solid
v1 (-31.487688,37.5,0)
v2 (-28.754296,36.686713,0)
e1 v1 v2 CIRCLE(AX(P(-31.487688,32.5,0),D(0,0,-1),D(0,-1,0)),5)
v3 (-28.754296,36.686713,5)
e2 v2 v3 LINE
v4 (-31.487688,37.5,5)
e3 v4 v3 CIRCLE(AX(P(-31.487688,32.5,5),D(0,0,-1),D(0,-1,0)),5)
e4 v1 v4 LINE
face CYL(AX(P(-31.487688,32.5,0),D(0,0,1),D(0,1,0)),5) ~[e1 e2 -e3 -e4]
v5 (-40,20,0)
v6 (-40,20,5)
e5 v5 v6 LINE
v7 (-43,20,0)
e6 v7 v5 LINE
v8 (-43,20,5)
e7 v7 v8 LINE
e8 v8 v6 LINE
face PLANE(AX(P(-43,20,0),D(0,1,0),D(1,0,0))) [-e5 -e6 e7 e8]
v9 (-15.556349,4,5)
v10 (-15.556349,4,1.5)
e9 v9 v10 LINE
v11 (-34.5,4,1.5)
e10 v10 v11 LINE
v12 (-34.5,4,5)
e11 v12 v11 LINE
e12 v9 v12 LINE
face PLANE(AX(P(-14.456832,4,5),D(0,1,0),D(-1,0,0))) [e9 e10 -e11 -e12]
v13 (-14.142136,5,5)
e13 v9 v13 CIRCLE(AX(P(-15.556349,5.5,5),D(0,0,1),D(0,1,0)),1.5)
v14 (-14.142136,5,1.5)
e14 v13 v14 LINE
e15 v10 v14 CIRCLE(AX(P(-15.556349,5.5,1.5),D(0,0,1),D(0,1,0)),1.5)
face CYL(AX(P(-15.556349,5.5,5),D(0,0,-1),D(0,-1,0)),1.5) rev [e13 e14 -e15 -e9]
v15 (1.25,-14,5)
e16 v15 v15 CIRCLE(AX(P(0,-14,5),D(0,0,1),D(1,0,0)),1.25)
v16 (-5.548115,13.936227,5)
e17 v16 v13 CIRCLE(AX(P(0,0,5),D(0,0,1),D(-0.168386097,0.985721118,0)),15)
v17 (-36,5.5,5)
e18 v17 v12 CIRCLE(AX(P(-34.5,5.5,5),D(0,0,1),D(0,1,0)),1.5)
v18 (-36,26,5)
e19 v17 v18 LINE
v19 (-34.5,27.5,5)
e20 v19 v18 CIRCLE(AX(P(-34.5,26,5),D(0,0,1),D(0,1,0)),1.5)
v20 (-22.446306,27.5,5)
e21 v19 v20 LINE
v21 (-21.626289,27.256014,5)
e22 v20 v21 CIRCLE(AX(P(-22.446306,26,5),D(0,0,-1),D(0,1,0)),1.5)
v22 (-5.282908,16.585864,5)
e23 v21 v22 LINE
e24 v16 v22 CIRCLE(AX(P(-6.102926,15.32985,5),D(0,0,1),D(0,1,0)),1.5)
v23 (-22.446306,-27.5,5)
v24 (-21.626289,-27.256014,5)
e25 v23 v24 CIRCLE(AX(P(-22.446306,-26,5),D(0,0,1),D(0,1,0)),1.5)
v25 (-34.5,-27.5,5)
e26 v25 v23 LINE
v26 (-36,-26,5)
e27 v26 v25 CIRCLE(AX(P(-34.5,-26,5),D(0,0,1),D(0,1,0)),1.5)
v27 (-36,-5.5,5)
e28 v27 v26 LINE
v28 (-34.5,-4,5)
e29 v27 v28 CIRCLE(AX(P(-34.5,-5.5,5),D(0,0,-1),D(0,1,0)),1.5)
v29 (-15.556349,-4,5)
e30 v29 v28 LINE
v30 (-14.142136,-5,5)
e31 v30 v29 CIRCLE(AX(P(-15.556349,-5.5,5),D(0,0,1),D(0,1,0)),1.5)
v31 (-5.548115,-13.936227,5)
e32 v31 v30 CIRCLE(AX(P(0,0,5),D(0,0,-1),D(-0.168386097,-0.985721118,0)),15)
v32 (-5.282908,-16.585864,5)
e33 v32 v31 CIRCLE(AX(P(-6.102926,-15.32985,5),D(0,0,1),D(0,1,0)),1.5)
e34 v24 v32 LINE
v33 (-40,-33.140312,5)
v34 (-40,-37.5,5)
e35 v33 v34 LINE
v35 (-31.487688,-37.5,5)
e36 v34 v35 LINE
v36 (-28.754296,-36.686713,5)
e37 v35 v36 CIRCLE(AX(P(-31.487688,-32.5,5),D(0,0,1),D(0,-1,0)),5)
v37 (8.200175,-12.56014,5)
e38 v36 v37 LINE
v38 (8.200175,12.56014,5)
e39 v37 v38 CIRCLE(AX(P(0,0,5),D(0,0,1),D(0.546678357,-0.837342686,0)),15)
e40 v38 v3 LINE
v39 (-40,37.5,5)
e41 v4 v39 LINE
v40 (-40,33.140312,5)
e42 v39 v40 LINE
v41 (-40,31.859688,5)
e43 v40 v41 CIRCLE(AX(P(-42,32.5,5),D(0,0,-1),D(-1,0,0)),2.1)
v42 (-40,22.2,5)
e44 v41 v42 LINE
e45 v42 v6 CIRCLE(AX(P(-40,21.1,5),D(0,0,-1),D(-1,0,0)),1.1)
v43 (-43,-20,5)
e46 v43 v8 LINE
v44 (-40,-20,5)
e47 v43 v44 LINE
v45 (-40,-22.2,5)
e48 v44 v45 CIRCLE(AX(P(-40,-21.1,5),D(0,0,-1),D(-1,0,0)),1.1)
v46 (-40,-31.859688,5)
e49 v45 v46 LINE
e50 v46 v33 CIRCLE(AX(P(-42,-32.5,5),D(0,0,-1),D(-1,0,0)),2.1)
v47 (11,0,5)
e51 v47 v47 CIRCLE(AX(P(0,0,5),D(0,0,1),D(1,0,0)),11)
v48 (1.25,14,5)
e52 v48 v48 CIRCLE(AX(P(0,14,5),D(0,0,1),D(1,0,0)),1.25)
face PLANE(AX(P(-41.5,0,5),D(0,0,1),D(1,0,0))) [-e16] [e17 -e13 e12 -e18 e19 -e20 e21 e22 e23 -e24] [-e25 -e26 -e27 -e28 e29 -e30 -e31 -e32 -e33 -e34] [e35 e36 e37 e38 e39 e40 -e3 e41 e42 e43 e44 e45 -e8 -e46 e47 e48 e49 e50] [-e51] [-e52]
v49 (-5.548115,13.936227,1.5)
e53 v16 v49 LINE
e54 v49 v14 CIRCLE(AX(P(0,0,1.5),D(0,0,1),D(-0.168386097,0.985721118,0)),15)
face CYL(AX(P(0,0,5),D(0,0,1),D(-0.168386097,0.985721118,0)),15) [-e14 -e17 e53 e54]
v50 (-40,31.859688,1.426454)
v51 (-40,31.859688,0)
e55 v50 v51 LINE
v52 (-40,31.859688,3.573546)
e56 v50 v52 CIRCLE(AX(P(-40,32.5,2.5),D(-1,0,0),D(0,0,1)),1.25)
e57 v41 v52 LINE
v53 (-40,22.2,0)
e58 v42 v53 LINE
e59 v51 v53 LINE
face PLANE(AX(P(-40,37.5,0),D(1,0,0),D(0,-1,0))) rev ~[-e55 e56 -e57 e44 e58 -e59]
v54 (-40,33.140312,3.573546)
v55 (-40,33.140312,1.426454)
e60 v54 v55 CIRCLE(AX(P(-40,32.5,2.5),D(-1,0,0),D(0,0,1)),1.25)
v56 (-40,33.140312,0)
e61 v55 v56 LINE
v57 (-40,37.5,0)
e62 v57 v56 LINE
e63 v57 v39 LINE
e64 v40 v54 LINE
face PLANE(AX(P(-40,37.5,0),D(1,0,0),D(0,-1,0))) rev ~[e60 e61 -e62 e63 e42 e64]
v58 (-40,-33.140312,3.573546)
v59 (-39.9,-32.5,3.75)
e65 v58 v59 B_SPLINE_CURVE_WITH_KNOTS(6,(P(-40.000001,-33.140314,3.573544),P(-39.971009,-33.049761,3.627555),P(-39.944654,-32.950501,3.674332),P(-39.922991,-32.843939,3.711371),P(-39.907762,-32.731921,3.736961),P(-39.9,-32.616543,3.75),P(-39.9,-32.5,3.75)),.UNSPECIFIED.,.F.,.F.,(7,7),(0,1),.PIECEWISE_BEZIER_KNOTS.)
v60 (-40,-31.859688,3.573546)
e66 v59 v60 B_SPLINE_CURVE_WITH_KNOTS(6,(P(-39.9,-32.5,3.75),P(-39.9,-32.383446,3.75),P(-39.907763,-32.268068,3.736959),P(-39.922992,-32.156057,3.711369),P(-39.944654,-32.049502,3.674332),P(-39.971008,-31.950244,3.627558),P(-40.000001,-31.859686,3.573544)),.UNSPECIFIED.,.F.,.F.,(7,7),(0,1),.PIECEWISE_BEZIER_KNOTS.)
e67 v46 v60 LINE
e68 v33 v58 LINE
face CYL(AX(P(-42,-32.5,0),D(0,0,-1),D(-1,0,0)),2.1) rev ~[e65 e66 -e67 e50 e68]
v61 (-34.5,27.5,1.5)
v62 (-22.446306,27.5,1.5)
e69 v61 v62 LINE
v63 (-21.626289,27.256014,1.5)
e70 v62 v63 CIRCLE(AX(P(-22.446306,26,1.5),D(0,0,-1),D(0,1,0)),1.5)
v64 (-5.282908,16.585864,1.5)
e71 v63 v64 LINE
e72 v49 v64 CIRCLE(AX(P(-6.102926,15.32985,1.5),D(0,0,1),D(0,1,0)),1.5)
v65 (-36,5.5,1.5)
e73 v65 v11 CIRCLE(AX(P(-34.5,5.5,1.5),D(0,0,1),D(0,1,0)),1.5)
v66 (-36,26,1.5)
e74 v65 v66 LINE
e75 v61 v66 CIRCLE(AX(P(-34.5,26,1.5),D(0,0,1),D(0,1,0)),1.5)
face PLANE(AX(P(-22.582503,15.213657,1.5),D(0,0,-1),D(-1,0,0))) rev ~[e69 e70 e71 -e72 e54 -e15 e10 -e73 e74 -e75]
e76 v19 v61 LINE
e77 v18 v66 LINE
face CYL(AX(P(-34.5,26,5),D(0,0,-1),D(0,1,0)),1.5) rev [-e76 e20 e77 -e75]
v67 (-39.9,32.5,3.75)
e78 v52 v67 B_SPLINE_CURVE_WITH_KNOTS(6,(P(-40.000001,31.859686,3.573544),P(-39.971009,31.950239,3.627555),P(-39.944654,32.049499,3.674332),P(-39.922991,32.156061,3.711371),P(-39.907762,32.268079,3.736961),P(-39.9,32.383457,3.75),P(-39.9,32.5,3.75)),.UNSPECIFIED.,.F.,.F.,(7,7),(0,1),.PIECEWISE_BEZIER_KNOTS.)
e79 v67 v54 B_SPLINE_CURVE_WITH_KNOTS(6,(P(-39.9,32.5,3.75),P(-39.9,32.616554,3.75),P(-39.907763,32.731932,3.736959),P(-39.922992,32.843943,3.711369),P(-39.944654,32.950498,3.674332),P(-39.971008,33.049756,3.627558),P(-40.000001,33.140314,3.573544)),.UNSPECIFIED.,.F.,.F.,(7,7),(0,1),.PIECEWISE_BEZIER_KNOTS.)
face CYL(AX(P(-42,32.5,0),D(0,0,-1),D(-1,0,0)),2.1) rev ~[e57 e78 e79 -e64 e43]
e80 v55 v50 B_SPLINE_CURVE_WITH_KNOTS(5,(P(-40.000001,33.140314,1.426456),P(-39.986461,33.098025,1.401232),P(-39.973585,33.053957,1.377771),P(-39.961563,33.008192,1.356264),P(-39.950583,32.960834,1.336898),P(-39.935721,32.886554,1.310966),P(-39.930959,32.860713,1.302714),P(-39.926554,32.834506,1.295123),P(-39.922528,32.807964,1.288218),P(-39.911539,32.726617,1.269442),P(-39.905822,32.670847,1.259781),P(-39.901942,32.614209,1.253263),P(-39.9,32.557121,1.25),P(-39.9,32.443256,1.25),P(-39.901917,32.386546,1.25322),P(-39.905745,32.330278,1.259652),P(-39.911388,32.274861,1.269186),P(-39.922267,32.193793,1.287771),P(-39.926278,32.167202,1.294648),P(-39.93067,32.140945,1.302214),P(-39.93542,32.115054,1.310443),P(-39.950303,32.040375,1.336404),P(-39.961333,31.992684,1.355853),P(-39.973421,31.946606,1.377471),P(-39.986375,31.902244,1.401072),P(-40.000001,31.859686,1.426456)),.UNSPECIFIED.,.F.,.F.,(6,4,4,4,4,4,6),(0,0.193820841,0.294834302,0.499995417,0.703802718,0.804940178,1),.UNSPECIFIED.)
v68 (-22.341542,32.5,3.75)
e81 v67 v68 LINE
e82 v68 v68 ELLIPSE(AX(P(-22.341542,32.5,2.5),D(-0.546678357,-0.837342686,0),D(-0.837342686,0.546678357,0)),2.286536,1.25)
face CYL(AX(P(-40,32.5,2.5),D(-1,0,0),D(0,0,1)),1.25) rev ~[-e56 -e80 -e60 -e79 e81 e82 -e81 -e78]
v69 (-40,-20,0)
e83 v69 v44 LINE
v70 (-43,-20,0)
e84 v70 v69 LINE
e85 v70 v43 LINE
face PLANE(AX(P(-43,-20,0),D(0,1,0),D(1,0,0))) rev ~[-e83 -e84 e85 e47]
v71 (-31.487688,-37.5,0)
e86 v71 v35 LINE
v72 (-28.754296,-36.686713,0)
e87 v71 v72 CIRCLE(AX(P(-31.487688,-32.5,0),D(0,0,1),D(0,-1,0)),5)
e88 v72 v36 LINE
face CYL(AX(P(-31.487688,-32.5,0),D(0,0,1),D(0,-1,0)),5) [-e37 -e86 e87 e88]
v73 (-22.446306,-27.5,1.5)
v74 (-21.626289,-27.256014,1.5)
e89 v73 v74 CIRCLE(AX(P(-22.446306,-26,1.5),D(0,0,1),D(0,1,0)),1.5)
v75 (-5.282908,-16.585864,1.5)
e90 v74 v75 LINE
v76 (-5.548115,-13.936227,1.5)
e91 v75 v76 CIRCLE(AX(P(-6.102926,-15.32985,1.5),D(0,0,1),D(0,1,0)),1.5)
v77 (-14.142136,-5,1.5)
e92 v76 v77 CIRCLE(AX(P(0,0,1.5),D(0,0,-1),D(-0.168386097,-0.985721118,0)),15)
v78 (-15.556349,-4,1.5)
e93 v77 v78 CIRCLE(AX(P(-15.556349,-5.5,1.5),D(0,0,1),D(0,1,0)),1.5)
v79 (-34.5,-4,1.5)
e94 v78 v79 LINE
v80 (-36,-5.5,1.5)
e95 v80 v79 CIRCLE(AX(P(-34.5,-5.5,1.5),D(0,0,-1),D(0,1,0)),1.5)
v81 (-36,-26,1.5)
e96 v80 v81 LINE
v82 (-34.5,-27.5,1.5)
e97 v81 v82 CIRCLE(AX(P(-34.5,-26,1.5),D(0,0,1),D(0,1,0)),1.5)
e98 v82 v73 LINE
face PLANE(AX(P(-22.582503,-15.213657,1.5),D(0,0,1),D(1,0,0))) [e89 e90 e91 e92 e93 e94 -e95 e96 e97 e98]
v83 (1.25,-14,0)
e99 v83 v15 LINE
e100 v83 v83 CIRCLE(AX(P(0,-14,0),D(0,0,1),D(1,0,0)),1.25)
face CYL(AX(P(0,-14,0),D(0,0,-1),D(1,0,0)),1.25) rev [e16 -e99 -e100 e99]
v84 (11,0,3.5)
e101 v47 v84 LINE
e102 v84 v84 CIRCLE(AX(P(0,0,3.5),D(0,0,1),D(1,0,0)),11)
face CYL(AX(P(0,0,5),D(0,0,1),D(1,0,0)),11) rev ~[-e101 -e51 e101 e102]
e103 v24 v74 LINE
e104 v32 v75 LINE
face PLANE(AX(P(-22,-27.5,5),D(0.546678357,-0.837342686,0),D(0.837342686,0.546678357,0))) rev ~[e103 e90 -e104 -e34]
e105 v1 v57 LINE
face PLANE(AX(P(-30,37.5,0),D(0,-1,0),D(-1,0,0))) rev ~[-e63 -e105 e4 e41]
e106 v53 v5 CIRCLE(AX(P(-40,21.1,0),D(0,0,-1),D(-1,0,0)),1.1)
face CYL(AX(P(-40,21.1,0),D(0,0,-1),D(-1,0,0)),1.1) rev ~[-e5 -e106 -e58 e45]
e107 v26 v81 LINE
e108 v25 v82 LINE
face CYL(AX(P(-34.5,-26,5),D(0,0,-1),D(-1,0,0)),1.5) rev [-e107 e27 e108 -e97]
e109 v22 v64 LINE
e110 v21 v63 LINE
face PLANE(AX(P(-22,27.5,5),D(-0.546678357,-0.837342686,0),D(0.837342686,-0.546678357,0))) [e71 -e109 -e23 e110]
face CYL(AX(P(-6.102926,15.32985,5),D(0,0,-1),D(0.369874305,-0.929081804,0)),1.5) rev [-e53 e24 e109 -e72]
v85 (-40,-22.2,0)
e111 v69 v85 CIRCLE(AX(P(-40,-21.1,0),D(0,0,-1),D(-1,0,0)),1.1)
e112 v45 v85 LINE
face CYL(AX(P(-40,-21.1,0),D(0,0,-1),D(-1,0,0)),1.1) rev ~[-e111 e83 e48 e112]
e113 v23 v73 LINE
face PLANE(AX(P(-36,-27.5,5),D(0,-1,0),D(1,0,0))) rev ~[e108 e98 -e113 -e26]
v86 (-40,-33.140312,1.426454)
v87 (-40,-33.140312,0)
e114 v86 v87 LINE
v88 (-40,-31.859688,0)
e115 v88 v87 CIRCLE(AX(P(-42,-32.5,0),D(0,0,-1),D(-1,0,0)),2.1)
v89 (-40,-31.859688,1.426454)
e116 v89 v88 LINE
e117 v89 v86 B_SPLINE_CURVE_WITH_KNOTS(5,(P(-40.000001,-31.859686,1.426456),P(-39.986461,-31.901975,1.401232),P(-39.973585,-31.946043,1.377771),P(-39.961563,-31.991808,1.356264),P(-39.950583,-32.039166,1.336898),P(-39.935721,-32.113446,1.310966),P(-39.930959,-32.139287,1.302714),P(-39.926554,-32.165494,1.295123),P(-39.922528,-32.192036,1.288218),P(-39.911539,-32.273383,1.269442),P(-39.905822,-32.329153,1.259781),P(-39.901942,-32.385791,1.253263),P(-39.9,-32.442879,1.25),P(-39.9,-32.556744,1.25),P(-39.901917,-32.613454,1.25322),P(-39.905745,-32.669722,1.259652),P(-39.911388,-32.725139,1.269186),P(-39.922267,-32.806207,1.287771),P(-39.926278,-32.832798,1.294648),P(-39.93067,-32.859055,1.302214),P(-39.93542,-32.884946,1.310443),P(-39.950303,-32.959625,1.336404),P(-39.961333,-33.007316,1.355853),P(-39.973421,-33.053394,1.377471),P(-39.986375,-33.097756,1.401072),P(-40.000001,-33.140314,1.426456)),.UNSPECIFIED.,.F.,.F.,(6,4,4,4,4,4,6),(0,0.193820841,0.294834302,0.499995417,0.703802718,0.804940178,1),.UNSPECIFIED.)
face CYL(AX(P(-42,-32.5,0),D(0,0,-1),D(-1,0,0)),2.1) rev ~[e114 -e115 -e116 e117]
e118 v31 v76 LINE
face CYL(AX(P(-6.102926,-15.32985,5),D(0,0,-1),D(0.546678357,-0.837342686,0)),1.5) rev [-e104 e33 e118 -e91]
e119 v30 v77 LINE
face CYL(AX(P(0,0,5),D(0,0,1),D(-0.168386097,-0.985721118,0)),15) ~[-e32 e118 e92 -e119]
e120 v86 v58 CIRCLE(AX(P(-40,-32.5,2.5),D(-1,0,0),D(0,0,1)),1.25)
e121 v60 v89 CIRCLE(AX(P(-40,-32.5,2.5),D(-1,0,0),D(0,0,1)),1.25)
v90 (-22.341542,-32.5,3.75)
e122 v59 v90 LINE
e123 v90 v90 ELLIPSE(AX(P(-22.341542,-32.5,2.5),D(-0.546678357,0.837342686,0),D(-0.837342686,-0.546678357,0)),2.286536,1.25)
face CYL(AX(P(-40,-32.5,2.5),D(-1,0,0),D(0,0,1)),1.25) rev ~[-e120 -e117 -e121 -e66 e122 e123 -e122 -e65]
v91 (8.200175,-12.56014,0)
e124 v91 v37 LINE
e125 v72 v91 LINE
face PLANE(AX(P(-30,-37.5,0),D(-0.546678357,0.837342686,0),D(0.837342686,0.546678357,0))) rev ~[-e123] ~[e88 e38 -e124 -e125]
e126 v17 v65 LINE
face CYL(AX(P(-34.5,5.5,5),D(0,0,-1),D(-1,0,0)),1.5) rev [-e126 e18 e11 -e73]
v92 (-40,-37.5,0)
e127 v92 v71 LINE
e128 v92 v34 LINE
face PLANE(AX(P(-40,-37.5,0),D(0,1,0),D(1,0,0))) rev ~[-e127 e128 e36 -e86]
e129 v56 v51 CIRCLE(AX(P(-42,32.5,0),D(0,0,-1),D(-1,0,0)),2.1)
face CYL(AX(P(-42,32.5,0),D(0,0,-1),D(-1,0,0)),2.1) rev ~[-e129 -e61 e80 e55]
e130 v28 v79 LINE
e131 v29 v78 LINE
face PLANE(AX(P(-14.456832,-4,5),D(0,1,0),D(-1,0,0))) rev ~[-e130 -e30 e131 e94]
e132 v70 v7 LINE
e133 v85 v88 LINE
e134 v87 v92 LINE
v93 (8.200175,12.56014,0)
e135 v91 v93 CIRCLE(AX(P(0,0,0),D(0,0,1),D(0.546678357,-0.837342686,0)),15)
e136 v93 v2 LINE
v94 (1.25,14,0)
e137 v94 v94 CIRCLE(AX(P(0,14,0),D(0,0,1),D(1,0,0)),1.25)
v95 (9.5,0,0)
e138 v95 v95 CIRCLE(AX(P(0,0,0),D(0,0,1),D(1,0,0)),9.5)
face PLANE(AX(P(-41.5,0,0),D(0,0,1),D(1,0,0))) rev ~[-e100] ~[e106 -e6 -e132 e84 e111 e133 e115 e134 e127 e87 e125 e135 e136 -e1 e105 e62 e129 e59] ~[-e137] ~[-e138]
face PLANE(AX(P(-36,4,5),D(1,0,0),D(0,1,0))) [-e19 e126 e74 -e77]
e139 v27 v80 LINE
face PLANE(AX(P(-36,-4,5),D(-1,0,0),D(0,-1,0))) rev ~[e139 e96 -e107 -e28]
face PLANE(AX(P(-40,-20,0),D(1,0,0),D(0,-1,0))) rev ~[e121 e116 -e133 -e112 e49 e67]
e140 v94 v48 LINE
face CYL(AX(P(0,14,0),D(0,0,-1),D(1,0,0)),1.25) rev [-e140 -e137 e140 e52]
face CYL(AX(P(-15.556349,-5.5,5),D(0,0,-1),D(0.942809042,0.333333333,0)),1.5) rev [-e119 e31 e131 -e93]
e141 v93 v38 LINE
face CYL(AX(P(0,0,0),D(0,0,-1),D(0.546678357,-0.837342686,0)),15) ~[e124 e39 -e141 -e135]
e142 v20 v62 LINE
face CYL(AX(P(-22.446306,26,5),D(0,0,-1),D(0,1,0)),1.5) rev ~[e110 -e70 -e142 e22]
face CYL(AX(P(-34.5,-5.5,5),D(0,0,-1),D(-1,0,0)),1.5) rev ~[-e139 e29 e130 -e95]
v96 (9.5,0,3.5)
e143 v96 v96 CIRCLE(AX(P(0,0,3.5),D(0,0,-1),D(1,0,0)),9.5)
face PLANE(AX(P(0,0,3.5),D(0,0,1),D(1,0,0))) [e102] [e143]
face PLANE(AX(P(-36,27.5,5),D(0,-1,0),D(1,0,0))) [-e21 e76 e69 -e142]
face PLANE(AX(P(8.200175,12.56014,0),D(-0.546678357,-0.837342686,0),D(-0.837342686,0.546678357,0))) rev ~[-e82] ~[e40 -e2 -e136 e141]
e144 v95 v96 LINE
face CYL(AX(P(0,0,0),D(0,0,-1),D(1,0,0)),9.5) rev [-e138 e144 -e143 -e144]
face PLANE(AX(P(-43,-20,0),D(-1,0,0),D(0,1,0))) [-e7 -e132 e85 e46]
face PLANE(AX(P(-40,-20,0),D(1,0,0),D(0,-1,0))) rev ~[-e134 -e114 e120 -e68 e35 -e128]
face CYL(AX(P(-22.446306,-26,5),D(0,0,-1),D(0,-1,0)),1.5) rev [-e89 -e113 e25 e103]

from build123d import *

# Parameters (mm, degrees)
SKETCH_2_W          = 3
SKETCH_2_H          = 40
SKETCH_2_R          = 9.5
SKETCH_2_R_2        = 1.25
EXTRUDE_1_DEPTH     = 5
FILLET_3_R          = 5
SKETCH_3_R          = 1.25
CUT_EXTRUDE_1_DEPTH = 56
SKETCH_4_R          = 1.1
CUT_EXTRUDE_2_DEPTH = 10
SKETCH_5_R          = 2.1
CUT_EXTRUDE_3_DEPTH = 10
SKETCH_7_R          = 11
CUT_EXTRUDE_5_DEPTH = 1.5
CUT_EXTRUDE_6_DEPTH = 3.5
FILLET_5_R          = 1.5


with BuildPart() as part:
    # ｽｹｯﾁ2 → ﾎﾞｽ - 押し出し1 (new body)
    with BuildSketch(Plane.XY):
        with Locations((-41.5, 0)):
            Rectangle(SKETCH_2_W, SKETCH_2_H)
        with BuildLine():
            Line((-40, 37.5), (-40, -37.5))
            Line((-40, -37.5), (-30, -37.5))
            Line((-30, -37.5), (8.20017536, -12.560140288))
            ThreePointArc((8.20017536, -12.560140288), (15, 0), (8.20017536, 12.560140288))
            Line((8.20017536, 12.560140288), (-30, 37.5))
            Line((-30, 37.5), (-40, 37.5))
        make_face()
        Circle(SKETCH_2_R, mode=Mode.SUBTRACT)
        with Locations((0, 14)):
            Circle(SKETCH_2_R_2, mode=Mode.SUBTRACT)
        with Locations((0, -14)):
            Circle(SKETCH_2_R_2, mode=Mode.SUBTRACT)
    extrude(amount=EXTRUDE_1_DEPTH)

    # ﾌｨﾚｯﾄ3
    fillet_3_edges = [part.edges().sort_by_distance(p)[0] for p in [
        (-30, 37.5, 2.5),
        (-30, -37.5, 2.5),
    ]]
    fillet(fillet_3_edges, radius=FILLET_3_R)

    # ｽｹｯﾁ3 → ｶｯﾄ - 押し出し1 (cut, through all)
    with BuildSketch(Plane.ZY.offset(40)):
        with Locations((2.5, -32.5)):
            Circle(SKETCH_3_R)
        with Locations((2.5, 32.5)):
            Circle(SKETCH_3_R)
    extrude(amount=-CUT_EXTRUDE_1_DEPTH, mode=Mode.SUBTRACT)

    # ｽｹｯﾁ4 → ｶｯﾄ - 押し出し2 (cut)
    with BuildSketch(Plane(origin=(0, 0, 0), x_dir=(-1, 0, 0), z_dir=(0, 0, -1))):
        with Locations((40, 21.1)):
            Circle(SKETCH_4_R)
        with Locations((40, -21.1)):
            Circle(SKETCH_4_R)
    extrude(amount=-CUT_EXTRUDE_2_DEPTH, mode=Mode.SUBTRACT)

    # ｽｹｯﾁ5 → ｶｯﾄ - 押し出し3 (cut)
    with BuildSketch(Plane(origin=(0, 0, 0), x_dir=(-1, 0, 0), z_dir=(0, 0, -1))):
        with Locations((42, 32.5)):
            Circle(SKETCH_5_R)
        with Locations((42, -32.5)):
            Circle(SKETCH_5_R)
    extrude(amount=-CUT_EXTRUDE_3_DEPTH, mode=Mode.SUBTRACT)

    # ｽｹｯﾁ7 → ｶｯﾄ - 押し出し5 (cut)
    with BuildSketch(Plane.XY.offset(5)):
        Circle(SKETCH_7_R)
    extrude(amount=-CUT_EXTRUDE_5_DEPTH, mode=Mode.SUBTRACT)

    # ｽｹｯﾁ8 → ｶｯﾄ - 押し出し6 (cut)
    with BuildSketch(Plane.XY.offset(5)):
        with BuildLine():
            Line((-36, -4), (-36, -27.5))
            Line((-36, -27.5), (-22, -27.5))
            Line((-22, -27.5), (-2.525791459, -14.785816768))
            ThreePointArc((-2.525791459, -14.785816768), (-10.059117169, -11.127181214), (-14.456832295, -4))
            Line((-14.456832295, -4), (-36, -4))
        make_face()
        with BuildLine():
            Line((-22, 27.5), (-2.525791459, 14.785816768))
            ThreePointArc((-2.525791459, 14.785816768), (-10.059117169, 11.127181214), (-14.456832295, 4))
            Line((-14.456832295, 4), (-36, 4))
            Line((-36, 4), (-36, 27.5))
            Line((-36, 27.5), (-22, 27.5))
        make_face()
    extrude(amount=-CUT_EXTRUDE_6_DEPTH, mode=Mode.SUBTRACT)

    # ﾌｨﾚｯﾄ5
    fillet_5_edges = [part.edges().sort_by_distance(p)[0] for p in [
        (-36, 27.5, 3.25),
        (-22, 27.5, 3.25),
        (-2.525791459, 14.785816768, 3.25),
        (-14.456832295, 4, 3.25),
        (-36, 4, 3.25),
        (-22, -27.5, 3.25),
        (-36, -27.5, 3.25),
        (-36, -4, 3.25),
        (-14.456832295, -4, 3.25),
        (-2.525791459, -14.785816768, 3.25),
    ]]
    fillet(fillet_5_edges, radius=FILLET_5_R)


solid = part.part
